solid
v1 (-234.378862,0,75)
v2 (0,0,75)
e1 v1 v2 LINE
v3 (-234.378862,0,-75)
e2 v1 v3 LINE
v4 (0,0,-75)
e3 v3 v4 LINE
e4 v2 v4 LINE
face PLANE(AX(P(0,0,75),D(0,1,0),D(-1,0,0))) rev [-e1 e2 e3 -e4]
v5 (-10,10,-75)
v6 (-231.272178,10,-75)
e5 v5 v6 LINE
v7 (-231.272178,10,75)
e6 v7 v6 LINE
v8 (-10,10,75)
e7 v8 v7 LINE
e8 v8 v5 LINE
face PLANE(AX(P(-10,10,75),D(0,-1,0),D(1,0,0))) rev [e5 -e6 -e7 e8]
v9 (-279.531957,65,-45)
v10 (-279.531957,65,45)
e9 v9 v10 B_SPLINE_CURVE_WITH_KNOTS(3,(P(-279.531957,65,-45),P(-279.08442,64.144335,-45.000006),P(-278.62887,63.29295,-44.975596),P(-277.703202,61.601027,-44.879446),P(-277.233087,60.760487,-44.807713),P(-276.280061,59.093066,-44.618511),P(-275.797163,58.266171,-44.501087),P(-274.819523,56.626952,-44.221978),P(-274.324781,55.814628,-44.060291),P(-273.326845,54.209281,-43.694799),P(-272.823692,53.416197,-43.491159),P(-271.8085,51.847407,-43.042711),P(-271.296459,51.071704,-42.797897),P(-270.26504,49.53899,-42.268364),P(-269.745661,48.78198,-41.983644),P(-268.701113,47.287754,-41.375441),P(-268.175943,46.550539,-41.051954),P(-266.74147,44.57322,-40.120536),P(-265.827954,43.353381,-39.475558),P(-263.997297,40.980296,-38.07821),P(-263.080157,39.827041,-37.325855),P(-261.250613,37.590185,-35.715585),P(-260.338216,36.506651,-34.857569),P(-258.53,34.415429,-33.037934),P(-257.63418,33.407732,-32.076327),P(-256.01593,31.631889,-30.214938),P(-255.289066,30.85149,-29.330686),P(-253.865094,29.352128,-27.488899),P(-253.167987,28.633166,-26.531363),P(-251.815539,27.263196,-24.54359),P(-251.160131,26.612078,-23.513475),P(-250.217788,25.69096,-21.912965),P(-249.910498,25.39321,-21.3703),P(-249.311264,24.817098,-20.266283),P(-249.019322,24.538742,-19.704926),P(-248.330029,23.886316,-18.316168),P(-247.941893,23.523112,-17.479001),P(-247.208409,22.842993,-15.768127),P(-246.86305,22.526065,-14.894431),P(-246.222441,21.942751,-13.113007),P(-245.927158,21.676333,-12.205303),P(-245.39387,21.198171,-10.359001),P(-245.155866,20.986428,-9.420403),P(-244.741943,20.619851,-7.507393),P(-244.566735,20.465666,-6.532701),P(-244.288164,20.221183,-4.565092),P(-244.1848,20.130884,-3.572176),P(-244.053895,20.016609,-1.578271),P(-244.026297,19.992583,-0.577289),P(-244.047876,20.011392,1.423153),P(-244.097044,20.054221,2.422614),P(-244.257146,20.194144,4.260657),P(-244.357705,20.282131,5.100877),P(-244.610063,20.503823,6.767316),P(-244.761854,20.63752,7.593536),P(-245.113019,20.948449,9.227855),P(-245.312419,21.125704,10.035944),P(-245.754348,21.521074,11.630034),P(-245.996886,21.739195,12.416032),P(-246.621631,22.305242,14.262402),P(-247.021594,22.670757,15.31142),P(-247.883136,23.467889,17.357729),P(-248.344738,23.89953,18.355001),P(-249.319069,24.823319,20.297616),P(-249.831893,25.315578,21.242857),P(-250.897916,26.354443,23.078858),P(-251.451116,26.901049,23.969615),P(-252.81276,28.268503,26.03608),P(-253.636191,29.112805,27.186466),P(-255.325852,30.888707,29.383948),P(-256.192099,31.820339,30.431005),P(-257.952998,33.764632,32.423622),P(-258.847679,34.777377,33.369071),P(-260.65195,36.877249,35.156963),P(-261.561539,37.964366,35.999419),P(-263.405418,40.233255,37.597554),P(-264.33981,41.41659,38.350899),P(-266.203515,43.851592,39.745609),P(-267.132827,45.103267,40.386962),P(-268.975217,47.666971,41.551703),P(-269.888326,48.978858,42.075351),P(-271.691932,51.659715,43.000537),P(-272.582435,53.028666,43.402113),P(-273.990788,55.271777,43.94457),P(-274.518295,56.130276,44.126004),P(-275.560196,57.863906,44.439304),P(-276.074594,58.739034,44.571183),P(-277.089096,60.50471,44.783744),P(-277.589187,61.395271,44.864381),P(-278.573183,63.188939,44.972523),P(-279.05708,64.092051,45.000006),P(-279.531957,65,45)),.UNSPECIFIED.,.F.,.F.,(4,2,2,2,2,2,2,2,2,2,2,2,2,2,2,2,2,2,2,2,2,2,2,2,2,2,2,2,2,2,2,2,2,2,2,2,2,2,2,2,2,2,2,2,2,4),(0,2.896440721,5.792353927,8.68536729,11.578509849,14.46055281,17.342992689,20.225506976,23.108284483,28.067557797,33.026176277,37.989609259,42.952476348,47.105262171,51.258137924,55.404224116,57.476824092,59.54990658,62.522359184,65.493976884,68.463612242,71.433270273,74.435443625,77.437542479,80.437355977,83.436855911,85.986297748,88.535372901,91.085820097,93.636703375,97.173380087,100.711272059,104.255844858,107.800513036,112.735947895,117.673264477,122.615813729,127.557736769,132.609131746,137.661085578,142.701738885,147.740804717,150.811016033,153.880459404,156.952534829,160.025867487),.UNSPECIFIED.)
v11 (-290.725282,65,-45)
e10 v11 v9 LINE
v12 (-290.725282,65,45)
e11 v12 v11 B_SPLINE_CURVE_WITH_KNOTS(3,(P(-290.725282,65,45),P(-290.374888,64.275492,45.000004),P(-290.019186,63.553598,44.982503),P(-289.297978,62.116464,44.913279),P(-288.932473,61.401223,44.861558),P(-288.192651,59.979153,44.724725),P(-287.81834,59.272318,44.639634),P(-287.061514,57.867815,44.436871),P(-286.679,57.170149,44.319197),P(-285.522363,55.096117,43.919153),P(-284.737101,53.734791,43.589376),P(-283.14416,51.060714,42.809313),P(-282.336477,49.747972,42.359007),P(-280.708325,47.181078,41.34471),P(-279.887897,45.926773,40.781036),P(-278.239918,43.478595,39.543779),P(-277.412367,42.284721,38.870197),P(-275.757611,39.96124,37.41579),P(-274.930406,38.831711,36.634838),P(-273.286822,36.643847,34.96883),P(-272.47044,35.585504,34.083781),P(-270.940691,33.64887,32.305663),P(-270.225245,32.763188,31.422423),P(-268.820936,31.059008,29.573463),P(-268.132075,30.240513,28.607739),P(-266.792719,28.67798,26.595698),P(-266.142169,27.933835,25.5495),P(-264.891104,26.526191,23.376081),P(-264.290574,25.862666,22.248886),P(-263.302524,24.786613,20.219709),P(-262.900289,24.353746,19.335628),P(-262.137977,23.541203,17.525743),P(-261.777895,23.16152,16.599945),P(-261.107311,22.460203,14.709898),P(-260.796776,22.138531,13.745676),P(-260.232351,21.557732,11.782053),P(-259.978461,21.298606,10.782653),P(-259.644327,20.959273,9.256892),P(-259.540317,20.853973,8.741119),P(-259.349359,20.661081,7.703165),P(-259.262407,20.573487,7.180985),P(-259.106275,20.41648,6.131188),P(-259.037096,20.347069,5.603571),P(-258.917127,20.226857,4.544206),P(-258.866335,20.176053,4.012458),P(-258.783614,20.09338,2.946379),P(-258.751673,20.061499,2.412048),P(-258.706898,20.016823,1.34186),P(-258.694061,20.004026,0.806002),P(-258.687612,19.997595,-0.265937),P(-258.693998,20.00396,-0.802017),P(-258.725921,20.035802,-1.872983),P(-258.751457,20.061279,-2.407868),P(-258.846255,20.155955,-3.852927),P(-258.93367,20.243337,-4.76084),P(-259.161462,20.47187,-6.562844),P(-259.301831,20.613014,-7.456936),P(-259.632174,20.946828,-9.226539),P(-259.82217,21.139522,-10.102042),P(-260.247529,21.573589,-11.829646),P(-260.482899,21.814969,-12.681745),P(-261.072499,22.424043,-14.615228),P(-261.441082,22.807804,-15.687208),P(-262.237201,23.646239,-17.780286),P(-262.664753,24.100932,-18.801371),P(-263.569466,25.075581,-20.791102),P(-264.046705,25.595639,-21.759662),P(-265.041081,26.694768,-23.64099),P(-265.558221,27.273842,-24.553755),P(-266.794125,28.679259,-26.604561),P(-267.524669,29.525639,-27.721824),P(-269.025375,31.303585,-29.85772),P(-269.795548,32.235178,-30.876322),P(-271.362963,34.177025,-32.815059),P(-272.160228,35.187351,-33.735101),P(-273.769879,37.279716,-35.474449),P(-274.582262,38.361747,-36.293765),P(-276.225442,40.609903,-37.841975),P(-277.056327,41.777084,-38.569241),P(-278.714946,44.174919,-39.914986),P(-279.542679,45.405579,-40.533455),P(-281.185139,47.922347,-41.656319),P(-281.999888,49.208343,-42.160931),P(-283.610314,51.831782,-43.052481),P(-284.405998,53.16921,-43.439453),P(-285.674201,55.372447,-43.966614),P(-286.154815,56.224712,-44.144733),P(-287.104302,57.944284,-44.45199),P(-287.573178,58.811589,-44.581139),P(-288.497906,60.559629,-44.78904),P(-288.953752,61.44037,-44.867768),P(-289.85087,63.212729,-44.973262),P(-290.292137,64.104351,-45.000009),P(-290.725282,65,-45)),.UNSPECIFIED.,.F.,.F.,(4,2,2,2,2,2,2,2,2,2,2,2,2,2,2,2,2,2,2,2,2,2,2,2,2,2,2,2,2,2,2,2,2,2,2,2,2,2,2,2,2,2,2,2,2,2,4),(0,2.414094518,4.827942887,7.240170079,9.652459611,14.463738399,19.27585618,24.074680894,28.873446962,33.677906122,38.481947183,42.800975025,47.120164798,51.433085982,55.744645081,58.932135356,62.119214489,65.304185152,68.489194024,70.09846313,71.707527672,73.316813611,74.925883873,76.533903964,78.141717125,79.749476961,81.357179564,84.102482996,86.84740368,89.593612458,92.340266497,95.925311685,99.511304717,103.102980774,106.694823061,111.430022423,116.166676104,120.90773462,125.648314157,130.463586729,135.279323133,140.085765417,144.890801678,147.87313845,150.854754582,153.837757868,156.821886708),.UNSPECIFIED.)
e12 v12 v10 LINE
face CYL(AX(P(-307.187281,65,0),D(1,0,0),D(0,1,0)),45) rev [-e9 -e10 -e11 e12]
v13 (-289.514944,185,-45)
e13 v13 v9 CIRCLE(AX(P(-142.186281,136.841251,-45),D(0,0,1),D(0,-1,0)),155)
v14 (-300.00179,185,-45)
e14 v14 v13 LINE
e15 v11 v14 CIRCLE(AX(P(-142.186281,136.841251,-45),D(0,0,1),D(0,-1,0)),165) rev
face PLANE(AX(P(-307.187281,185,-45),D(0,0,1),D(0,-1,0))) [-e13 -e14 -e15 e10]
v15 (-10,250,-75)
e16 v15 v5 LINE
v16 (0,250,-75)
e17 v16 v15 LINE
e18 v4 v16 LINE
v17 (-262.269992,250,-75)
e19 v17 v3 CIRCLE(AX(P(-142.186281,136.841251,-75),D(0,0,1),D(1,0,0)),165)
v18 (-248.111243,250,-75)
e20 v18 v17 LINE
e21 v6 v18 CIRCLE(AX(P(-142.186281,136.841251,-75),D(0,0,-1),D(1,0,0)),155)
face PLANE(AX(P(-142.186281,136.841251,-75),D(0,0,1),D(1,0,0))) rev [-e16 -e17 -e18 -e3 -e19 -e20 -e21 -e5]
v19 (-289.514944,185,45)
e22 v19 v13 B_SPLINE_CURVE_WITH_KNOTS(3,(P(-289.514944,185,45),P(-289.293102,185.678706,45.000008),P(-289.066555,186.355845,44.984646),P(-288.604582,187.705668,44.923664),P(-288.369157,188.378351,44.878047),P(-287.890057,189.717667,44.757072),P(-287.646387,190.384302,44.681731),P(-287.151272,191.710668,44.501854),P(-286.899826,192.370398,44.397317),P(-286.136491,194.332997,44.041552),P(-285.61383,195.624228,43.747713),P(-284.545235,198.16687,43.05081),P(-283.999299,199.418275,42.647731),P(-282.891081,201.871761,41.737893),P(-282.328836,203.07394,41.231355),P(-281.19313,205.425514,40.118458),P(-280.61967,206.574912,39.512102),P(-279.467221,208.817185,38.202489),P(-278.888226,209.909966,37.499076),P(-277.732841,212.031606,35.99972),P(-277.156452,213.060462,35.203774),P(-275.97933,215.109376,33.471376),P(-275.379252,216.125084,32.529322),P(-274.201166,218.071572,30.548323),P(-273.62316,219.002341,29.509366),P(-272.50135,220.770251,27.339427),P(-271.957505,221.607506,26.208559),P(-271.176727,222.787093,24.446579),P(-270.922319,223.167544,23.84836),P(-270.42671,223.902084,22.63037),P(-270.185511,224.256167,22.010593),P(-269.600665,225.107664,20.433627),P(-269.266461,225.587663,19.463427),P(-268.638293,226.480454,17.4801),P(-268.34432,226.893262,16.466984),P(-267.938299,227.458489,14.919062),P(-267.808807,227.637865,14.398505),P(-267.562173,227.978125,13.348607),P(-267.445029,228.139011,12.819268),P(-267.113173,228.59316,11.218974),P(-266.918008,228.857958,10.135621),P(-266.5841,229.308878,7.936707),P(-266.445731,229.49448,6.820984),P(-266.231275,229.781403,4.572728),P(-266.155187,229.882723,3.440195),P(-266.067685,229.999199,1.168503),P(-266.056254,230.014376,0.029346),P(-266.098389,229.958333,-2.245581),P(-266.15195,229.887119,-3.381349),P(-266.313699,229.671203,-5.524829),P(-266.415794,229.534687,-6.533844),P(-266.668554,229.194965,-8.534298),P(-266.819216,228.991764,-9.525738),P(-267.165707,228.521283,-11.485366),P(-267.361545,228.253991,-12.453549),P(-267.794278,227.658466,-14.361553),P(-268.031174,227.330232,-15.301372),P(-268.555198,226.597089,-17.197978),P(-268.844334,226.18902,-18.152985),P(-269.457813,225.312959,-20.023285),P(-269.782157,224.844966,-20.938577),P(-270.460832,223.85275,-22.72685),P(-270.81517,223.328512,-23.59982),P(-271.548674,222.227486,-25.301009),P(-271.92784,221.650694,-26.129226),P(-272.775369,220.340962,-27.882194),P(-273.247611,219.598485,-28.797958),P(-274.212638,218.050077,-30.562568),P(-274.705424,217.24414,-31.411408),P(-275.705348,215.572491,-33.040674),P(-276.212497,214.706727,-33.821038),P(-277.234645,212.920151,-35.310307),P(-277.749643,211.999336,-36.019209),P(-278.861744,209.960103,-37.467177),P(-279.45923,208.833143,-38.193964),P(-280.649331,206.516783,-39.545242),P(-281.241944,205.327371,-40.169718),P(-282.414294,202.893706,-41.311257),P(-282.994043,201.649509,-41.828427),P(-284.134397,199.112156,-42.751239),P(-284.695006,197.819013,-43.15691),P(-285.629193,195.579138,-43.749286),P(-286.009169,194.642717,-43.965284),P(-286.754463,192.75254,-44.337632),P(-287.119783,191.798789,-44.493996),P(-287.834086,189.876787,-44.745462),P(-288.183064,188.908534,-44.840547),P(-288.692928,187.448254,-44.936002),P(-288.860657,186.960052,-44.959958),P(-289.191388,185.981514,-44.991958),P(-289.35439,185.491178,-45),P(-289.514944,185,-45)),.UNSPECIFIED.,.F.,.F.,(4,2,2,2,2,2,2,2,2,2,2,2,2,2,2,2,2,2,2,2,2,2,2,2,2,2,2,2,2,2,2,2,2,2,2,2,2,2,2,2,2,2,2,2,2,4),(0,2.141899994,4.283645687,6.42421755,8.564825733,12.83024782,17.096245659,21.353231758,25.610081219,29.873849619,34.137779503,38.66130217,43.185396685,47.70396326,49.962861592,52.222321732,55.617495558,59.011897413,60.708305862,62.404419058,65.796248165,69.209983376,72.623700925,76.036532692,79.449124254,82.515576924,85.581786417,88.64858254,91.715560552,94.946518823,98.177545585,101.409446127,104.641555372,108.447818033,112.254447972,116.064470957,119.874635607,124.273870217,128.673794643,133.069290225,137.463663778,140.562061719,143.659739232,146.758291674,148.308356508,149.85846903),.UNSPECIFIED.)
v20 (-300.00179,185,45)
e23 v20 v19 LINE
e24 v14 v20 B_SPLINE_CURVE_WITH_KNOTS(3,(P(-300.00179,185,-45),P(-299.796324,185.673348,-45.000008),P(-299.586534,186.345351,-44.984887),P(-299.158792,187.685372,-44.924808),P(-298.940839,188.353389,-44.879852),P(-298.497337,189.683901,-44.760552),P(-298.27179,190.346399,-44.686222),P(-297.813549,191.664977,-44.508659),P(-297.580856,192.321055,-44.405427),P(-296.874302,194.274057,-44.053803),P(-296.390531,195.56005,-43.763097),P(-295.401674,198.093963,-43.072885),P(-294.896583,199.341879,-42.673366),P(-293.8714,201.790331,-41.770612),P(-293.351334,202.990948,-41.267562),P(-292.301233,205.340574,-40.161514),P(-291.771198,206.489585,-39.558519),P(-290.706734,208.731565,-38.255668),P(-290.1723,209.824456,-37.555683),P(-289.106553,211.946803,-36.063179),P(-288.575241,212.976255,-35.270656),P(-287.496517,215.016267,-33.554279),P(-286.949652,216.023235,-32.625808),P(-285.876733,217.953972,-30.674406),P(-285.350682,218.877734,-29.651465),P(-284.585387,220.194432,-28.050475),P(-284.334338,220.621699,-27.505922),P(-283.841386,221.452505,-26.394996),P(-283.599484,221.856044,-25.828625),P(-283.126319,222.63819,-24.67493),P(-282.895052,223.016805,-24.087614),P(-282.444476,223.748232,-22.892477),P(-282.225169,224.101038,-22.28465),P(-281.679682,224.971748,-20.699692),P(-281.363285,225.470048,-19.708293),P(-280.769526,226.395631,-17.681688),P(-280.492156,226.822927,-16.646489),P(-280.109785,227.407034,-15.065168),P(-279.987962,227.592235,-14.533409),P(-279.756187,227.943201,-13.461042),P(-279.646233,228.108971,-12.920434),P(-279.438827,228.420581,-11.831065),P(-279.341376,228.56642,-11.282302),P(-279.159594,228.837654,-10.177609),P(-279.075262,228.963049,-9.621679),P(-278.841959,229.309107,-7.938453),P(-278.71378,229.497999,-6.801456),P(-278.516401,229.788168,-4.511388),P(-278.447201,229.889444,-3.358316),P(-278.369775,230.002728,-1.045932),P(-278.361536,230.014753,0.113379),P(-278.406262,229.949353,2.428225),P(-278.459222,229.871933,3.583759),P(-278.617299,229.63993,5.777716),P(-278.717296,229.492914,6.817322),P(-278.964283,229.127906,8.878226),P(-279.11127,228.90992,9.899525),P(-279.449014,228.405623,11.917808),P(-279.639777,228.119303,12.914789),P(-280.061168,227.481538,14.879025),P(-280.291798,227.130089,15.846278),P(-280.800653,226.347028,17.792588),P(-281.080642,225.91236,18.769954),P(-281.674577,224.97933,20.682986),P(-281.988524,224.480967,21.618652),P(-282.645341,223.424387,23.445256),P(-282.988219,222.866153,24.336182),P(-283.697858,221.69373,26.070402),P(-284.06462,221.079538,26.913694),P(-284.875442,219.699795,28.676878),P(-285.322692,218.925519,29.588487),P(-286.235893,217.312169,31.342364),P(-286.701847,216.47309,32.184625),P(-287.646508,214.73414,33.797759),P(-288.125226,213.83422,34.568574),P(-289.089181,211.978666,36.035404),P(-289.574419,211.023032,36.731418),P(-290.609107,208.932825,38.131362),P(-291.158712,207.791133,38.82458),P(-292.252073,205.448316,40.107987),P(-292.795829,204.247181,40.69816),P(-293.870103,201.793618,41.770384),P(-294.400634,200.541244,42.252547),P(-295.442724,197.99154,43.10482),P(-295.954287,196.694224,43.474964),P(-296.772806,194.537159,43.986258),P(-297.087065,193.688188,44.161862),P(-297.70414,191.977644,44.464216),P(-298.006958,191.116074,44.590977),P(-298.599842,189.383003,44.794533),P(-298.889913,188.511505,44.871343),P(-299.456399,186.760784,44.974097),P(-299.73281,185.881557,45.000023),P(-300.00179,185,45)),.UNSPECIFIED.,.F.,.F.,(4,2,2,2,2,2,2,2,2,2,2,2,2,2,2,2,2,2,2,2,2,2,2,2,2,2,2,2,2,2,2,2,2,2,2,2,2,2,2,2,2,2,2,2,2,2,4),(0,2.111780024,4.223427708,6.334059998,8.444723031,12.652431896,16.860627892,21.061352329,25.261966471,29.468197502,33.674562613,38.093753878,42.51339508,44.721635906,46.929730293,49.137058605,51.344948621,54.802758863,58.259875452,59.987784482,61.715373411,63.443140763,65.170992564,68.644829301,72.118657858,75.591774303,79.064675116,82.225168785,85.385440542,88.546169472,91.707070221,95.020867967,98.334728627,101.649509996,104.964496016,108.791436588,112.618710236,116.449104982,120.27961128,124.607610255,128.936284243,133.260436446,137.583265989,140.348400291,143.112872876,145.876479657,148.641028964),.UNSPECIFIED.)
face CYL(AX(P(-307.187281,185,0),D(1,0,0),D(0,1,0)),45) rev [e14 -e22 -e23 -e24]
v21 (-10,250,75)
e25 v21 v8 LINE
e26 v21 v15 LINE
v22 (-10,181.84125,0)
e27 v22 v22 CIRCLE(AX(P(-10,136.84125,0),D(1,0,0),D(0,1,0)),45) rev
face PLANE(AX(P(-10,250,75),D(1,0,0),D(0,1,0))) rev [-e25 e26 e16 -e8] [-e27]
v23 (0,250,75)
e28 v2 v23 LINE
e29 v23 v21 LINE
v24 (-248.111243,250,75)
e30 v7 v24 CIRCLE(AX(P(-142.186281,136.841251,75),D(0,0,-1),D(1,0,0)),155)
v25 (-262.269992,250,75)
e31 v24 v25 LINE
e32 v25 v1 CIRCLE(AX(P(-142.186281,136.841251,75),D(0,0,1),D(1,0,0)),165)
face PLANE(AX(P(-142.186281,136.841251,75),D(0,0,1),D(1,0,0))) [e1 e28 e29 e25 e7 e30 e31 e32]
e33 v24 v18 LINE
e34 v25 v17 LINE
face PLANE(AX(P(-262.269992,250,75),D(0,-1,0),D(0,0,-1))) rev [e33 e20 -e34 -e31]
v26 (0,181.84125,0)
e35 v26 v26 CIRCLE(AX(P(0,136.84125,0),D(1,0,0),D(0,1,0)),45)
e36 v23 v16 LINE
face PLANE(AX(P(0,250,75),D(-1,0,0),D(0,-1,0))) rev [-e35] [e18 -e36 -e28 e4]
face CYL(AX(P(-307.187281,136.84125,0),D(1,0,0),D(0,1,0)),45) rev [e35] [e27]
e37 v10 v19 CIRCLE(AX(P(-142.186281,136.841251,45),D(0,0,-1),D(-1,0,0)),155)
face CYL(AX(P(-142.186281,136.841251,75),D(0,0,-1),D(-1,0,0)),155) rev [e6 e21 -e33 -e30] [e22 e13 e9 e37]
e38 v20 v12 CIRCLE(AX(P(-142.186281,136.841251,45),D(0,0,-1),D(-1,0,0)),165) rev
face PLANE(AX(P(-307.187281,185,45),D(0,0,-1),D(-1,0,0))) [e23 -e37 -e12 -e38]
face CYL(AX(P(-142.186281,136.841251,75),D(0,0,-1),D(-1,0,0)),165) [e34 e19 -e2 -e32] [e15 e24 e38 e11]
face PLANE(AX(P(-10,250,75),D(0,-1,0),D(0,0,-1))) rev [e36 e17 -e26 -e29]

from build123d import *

# Parameters (mm, degrees)
SALIENTE_EXTRUIR1_DEPTH    = 75
CORTAR_EXTRUIR1_REACH      = 405.099
CROQUIS2_R                 = 45
CORTAR_EXTRUIR2_REACH      = 397.531
CORTAR_EXTRUIR2_END_RADIUS = 165


with BuildPart() as part:
    # Croquis1 → Saliente-Extruir1 (new, symmetric)
    with BuildSketch(Plane.XY):
        with BuildLine():
            Line((-10, 250), (0, 250))
            Line((0, 250), (0, 0))
            Line((0, 0), (-234.378862456, 0))
            ThreePointArc((-234.378862456, 0), (-306.168920604, 118.546607009), (-262.269991763, 250))
            Line((-262.269991763, 250), (-248.111243039, 250))
            ThreePointArc((-248.111243039, 250), (-296.806166022, 125.992691614), (-231.272178278, 10))
            Line((-231.272178278, 10), (-10, 10))
            Line((-10, 10), (-10, 250))
        make_face()
    extrude(amount=SALIENTE_EXTRUIR1_DEPTH, both=True)

    # Croquis2 → Cortar-Extruir1 (cut, up to next)
    with BuildSketch(Plane(origin=(0, 0, 0), x_dir=(0, 0, -1), z_dir=(1, 0, 0)), mode=Mode.PRIVATE) as cortar_extruir1_sk1:
        with Locations(Location((0, 136.841249694, 0), (0, 0, 90))):
            Circle(CROQUIS2_R)
    cortar_extruir1_tool1 = extrude(cortar_extruir1_sk1.sketch, amount=-CORTAR_EXTRUIR1_REACH, mode=Mode.PRIVATE) & part.part
    add(cortar_extruir1_tool1.solids().sort_by_distance((0, 136.84125, 0))[0], mode=Mode.SUBTRACT)

    # Cortar-Extruir2: up to this cylinder (the profile starts inside it)
    cortar_extruir2_end = Plane(origin=(-142.186281275, 136.841251, 0), z_dir=(0, 0, -1)) * Cylinder(CORTAR_EXTRUIR2_END_RADIUS, 1126.062, mode=Mode.PRIVATE)
    # Croquis3 → Cortar-Extruir2 (cut, up to the surface)
    with BuildSketch(Plane.ZY.offset(10), mode=Mode.PRIVATE) as cortar_extruir2_sk1:
        with BuildLine():
            Line((45, 185), (45, 65))
            ThreePointArc((45, 65), (0, 20), (-45, 65))
            Line((-45, 65), (-45, 185))
            ThreePointArc((-45, 185), (0, 230), (45, 185))
        make_face()
    cortar_extruir2_tool1 = extrude(cortar_extruir2_sk1.sketch, amount=CORTAR_EXTRUIR2_REACH, mode=Mode.PRIVATE) & cortar_extruir2_end
    add(cortar_extruir2_tool1.solids().sort_by_distance((-10, 125, 0))[0], mode=Mode.SUBTRACT)


solid = part.part
